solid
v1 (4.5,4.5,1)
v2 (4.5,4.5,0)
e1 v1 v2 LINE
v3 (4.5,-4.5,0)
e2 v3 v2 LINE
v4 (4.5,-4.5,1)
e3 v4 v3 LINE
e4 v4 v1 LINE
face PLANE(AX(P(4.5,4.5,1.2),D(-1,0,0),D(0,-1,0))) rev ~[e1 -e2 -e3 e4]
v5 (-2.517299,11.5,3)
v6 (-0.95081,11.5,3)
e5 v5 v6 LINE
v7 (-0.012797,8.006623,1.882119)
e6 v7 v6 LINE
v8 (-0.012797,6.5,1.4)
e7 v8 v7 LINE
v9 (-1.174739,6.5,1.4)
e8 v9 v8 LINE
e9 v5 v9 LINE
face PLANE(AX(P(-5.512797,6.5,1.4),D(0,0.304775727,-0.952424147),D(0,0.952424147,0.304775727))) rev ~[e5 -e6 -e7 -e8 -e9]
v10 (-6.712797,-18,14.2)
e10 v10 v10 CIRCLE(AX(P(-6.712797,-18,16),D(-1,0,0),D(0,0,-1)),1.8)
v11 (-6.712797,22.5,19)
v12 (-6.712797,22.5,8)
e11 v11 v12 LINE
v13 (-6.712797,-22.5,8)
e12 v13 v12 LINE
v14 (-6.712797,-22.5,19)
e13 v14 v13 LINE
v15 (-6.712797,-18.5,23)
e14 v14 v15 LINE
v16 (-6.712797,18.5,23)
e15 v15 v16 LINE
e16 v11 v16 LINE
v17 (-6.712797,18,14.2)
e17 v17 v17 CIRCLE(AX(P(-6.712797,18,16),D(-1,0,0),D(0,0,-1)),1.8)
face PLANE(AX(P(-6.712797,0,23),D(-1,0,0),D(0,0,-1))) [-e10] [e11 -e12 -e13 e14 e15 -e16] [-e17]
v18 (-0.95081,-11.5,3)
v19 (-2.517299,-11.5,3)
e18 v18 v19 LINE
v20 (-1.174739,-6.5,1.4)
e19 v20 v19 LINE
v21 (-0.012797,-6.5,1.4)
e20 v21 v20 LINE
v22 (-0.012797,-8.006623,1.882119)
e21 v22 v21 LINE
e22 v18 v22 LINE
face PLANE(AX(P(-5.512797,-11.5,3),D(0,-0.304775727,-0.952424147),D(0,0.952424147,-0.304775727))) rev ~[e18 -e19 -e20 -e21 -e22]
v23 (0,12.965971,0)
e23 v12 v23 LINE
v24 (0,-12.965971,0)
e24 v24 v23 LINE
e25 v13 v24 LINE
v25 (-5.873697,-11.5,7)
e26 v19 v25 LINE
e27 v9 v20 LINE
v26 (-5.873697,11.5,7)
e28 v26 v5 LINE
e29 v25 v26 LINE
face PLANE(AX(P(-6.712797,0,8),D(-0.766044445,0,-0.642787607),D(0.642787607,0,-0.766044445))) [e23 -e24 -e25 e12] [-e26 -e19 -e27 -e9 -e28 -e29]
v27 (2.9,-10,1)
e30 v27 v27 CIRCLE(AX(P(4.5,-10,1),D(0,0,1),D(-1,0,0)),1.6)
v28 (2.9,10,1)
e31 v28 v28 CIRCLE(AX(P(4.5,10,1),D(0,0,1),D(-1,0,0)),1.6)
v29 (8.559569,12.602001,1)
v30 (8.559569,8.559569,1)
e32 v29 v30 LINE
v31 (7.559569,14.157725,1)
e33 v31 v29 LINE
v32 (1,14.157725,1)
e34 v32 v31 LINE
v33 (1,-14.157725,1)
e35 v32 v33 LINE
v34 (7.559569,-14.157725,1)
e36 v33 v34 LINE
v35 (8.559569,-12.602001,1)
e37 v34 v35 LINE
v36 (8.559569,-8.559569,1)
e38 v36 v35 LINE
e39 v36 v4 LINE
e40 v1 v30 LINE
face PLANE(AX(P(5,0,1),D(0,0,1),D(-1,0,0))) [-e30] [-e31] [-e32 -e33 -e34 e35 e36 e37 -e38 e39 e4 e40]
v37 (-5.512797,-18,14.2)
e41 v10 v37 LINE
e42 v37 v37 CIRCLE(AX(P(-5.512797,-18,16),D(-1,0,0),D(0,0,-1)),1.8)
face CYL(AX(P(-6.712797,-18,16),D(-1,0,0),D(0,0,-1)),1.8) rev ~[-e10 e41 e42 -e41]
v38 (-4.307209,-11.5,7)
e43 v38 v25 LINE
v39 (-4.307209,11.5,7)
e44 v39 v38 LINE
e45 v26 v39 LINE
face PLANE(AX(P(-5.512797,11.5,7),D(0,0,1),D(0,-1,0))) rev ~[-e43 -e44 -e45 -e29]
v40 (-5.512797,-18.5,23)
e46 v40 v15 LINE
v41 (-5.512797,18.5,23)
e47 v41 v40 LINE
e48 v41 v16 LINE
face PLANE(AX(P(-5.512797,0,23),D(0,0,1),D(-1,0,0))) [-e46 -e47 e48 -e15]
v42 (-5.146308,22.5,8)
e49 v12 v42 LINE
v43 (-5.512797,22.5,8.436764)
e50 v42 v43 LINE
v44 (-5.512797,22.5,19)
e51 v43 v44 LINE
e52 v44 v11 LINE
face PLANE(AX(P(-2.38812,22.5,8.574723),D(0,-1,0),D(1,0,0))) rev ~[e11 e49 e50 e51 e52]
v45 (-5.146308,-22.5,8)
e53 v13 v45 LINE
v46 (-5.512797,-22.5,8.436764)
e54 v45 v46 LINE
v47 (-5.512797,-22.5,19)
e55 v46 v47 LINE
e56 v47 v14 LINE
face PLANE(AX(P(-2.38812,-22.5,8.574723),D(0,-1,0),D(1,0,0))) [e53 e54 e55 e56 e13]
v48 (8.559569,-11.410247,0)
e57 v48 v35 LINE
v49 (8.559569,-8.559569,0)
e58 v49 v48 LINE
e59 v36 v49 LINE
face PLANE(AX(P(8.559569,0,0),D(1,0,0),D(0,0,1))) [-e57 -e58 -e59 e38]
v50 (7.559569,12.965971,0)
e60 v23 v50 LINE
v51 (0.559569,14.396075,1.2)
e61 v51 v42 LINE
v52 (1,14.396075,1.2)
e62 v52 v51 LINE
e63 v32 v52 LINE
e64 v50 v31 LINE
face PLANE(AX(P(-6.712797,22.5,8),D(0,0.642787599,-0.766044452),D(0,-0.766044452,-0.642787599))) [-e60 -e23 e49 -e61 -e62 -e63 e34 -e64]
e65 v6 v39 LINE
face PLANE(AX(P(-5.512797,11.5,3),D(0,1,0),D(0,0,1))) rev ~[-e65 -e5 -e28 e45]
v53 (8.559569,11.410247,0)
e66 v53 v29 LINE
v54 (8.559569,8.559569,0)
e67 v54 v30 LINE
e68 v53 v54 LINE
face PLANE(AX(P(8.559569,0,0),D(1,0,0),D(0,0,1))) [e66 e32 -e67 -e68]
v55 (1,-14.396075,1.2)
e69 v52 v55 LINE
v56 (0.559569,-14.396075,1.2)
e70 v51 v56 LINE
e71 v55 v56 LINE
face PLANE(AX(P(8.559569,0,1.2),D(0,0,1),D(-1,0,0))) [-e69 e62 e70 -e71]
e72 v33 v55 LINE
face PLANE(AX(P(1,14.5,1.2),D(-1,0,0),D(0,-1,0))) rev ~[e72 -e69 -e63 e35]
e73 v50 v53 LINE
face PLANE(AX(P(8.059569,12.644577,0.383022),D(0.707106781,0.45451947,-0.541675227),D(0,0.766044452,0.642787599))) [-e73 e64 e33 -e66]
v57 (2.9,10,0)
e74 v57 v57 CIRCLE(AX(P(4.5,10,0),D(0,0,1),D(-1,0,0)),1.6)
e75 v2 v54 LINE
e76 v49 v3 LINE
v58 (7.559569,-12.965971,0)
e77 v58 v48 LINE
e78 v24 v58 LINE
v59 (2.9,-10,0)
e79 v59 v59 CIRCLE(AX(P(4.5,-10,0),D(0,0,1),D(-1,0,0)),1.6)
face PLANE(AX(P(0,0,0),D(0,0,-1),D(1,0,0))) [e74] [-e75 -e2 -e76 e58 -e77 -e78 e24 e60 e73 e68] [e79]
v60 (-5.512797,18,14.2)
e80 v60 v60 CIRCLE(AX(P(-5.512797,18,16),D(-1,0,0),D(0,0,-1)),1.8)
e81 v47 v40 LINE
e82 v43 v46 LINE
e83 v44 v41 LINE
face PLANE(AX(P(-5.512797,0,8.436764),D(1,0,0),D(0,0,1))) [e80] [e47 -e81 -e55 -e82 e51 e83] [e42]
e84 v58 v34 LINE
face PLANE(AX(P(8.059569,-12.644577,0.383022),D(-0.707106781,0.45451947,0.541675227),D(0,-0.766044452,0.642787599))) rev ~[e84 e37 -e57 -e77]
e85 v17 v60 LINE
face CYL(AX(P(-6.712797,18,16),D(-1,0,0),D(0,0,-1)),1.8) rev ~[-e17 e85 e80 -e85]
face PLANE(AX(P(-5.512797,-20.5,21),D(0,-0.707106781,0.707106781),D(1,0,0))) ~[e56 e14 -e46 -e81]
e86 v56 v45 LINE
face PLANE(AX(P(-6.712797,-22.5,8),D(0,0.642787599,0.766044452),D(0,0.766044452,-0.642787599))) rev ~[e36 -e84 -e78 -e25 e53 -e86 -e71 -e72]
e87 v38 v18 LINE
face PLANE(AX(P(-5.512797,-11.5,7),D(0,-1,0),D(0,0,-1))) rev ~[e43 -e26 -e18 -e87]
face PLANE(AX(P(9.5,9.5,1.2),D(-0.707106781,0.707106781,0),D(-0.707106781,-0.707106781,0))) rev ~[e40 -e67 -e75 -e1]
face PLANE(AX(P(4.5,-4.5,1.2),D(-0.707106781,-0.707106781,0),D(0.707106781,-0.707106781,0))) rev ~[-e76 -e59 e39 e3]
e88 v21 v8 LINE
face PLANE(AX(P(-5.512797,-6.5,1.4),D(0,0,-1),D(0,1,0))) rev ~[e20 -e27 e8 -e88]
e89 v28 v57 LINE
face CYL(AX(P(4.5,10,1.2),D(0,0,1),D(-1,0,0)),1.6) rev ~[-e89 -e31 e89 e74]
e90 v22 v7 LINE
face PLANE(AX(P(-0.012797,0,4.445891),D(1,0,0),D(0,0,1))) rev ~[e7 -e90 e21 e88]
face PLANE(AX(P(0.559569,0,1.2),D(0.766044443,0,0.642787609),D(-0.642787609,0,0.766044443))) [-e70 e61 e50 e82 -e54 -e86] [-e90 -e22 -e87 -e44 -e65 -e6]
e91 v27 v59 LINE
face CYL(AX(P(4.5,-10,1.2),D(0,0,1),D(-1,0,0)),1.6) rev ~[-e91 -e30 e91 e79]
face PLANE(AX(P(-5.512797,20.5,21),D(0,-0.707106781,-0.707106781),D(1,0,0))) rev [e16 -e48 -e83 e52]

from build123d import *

# Parameters (mm, degrees)
PAD_DEPTH       = 22.5
POCKET_DEPTH    = 20
SKETCH002_R     = 1.6
POCKET001_DEPTH = 5
SKETCH003_R     = 1.8
POCKET002_DEPTH = 5
CHAMFER001_SIZE = 4
CHAMFER_SIZE    = 1
POCKET003_DEPTH = 5.5
SKETCH005_W     = 8
SKETCH005_H     = 29
POCKET004_DEPTH = 0.2


with BuildPart() as part:
    # Sketch → Pad (new body, symmetric)
    with BuildSketch(Plane.XZ):
        Polygon((0, 0), (8.559569, 0), (8.559569, 1.2), (0.559569, 1.2), (-5.512797, 8.436764), (-5.512797, 23), (-6.712797, 23), (-6.712797, 8), align=None)
    extrude(amount=PAD_DEPTH, both=True)

    # Sketch001 (on Face7 of Pad) → Pocket (cut)
    with BuildSketch(Plane(origin=(-6.712797, 0, 0), x_dir=(0, 0, -1), z_dir=(-1, 0, 0))):
        Polygon((-8, -22.5), (0, -12.965971), (0, -23.5), (-8, -23.5), align=None)
        Polygon((-8, 22.5), (0, 12.965971), (0, 23.5), (-8, 23.5), align=None)
    extrude(amount=-POCKET_DEPTH, mode=Mode.SUBTRACT)

    # Sketch002 (on Face6 of Pocket) → Pocket001 (cut)
    with BuildSketch(Plane(origin=(0, 0, 1.2), x_dir=(-1, 0, 0), z_dir=(0, 0, 1))):
        with Locations((-4.5, 10)):
            Circle(SKETCH002_R)
        with Locations((-4.5, -10)):
            Circle(SKETCH002_R)
        Polygon((-9.5, -9.5), (-4.5, -4.5), (-4.5, 4.5), (-9.5, 9.5), align=None)
    extrude(amount=-POCKET001_DEPTH, mode=Mode.SUBTRACT)

    # Sketch003 (on Face16 of Pocket001) → Pocket002 (cut)
    with BuildSketch(Plane(origin=(-6.712797, 0, 0), x_dir=(0, 0, -1), z_dir=(-1, 0, 0))):
        with Locations((-16, 18)):
            Circle(SKETCH003_R)
        with Locations((-16, -18)):
            Circle(SKETCH003_R)
    extrude(amount=-POCKET002_DEPTH, mode=Mode.SUBTRACT)

    # Chamfer001
    chamfer001_edges = [part.edges().sort_by_distance(p)[0] for p in [
        (-6.112797, -22.5, 23),
        (-6.112797, 22.5, 23),
    ]]
    chamfer(chamfer001_edges, length=CHAMFER001_SIZE)

    # Chamfer
    chamfer_edges = [part.edges().sort_by_distance(p)[0] for p in [
        (8.559569, -13.681023, 0.6),
        (8.559569, 13.681023, 0.6),
    ]]
    chamfer(chamfer_edges, length=CHAMFER_SIZE)

    # Sketch004 (on Face19 of Chamfer) → Pocket003 (cut, symmetric)
    with BuildSketch(Plane(origin=(-5.512797, 0, 0), x_dir=(0, 0, 1), z_dir=(1, 0, 0))):
        Polygon((1.4, 6.5), (1.4, -6.5), (3, -11.5), (7, -11.5), (7, 11.5), (3, 11.5), align=None)
    extrude(amount=POCKET003_DEPTH, both=True, mode=Mode.SUBTRACT)

    # Sketch005 (on Face5 of Pocket003) → Pocket004 (cut)
    with BuildSketch(Plane(origin=(0, 0, 1.2), x_dir=(-1, 0, 0), z_dir=(0, 0, 1))):
        with Locations((-5, 0)):
            Rectangle(SKETCH005_W, SKETCH005_H)
    extrude(amount=-POCKET004_DEPTH, mode=Mode.SUBTRACT)


solid = part.part
